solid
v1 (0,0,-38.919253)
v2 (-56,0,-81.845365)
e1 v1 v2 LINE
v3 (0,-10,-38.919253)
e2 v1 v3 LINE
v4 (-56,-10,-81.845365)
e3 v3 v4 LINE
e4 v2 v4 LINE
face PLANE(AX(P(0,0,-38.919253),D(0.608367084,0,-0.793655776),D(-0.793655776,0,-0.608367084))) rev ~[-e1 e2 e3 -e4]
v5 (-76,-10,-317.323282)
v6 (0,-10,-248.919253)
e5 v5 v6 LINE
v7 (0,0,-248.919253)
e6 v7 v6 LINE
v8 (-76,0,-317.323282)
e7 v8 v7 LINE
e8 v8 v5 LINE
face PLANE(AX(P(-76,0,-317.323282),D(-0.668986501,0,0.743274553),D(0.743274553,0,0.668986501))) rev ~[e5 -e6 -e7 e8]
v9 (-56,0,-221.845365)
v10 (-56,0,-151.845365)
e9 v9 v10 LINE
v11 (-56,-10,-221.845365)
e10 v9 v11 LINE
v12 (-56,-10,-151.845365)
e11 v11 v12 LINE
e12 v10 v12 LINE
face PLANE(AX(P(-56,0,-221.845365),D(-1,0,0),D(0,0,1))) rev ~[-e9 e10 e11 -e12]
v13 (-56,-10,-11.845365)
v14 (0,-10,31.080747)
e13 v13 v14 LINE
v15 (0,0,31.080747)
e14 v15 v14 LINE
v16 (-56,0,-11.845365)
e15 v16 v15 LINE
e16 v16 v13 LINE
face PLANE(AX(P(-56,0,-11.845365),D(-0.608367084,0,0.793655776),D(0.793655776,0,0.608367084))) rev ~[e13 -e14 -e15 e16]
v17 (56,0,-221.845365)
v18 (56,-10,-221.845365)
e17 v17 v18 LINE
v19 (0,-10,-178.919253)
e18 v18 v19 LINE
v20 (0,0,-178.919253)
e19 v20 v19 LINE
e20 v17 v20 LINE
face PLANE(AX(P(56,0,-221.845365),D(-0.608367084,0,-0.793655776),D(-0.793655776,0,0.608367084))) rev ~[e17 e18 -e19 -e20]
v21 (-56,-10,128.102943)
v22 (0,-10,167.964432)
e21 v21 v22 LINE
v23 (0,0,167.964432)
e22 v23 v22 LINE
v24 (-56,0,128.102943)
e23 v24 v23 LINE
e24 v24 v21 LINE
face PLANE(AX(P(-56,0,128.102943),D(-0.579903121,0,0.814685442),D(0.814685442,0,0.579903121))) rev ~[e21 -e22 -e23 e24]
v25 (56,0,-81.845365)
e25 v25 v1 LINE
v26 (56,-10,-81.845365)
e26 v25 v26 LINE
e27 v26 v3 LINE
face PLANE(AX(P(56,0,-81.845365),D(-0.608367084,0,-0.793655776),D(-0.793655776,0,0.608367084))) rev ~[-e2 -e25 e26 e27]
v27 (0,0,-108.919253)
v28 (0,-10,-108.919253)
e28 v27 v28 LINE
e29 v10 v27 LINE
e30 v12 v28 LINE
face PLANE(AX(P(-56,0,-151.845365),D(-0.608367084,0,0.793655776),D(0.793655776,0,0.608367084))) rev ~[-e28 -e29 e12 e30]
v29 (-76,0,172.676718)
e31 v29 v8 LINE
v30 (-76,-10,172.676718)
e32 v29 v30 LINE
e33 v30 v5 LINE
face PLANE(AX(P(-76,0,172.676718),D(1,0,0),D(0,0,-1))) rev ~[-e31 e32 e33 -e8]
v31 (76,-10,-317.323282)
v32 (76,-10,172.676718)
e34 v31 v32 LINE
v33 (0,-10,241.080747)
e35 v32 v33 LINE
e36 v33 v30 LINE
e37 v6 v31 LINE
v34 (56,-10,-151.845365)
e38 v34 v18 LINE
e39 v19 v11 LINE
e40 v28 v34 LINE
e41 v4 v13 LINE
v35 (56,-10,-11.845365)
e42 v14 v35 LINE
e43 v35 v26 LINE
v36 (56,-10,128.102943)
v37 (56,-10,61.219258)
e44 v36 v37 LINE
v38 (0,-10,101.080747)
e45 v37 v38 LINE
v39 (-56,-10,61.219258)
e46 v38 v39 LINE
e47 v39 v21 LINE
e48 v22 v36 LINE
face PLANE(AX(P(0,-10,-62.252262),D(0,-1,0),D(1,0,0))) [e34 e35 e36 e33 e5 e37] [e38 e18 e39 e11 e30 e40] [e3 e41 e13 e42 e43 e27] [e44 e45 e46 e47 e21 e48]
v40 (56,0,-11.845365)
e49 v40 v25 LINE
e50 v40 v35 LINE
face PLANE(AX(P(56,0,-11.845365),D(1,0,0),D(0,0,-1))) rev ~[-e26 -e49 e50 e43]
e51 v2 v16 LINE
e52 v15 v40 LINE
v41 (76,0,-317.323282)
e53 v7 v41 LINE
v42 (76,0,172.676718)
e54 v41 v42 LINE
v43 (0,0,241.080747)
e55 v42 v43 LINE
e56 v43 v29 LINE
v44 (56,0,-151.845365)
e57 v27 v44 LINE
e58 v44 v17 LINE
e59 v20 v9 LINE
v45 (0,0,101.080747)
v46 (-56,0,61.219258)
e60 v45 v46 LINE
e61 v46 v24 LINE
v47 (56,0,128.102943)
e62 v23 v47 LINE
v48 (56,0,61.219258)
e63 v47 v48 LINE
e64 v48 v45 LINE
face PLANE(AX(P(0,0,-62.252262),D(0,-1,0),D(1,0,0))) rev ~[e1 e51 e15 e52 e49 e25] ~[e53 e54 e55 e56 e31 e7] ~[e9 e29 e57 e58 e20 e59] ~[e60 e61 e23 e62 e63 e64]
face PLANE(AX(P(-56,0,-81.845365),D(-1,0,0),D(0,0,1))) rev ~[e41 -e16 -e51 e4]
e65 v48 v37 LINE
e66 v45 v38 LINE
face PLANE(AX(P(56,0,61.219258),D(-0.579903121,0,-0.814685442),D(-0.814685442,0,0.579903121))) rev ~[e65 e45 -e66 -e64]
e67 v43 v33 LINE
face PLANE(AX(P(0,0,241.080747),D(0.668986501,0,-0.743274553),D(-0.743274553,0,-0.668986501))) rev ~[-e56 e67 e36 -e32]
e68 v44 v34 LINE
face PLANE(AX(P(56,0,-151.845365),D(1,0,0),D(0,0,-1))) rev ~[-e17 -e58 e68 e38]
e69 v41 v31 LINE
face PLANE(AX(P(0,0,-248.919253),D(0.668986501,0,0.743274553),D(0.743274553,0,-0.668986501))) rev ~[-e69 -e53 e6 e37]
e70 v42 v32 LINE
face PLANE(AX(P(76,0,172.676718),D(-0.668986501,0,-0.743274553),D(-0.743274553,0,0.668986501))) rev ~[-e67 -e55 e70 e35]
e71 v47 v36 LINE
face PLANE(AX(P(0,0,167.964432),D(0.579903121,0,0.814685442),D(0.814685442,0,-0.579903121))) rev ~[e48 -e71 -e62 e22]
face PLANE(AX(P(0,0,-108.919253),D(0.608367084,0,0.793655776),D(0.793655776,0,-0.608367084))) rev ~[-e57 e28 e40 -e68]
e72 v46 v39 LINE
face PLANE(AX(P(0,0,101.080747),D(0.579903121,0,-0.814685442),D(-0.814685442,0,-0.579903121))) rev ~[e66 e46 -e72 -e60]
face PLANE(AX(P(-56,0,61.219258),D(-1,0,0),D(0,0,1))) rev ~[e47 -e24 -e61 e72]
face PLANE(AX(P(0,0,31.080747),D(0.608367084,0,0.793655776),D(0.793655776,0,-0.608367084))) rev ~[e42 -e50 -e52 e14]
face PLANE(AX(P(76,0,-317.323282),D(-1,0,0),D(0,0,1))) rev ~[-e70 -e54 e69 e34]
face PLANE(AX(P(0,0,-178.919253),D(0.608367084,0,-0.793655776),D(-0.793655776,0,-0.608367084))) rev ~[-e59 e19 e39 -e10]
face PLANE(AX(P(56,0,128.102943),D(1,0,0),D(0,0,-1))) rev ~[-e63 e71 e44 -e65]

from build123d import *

# Parameters (mm, degrees)
F1_DEPTH = 10


with BuildPart() as f1:
    # F0 (on Front) → F1 (new body)
    with BuildSketch(Plane.XZ):
        Polygon((76, 172.676718), (0, 241.080747), (-76, 172.676718), (-76, -317.323282), (0, -248.919253), (76, -317.323282), align=None)
        Polygon((-56, -151.845365), (0, -108.919253), (56, -151.845365), (56, -221.845365), (0, -178.919253), (-56, -221.845365), align=None, mode=Mode.SUBTRACT)
        Polygon((-56, -11.845365), (0, 31.080747), (56, -11.845365), (56, -81.845365), (0, -38.919253), (-56, -81.845365), align=None, mode=Mode.SUBTRACT)
        Polygon((-56, 128.102943), (0, 167.964432), (56, 128.102943), (56, 61.219258), (0, 101.080747), (-56, 61.219258), align=None, mode=Mode.SUBTRACT)
    extrude(amount=F1_DEPTH)


solid = f1.part
